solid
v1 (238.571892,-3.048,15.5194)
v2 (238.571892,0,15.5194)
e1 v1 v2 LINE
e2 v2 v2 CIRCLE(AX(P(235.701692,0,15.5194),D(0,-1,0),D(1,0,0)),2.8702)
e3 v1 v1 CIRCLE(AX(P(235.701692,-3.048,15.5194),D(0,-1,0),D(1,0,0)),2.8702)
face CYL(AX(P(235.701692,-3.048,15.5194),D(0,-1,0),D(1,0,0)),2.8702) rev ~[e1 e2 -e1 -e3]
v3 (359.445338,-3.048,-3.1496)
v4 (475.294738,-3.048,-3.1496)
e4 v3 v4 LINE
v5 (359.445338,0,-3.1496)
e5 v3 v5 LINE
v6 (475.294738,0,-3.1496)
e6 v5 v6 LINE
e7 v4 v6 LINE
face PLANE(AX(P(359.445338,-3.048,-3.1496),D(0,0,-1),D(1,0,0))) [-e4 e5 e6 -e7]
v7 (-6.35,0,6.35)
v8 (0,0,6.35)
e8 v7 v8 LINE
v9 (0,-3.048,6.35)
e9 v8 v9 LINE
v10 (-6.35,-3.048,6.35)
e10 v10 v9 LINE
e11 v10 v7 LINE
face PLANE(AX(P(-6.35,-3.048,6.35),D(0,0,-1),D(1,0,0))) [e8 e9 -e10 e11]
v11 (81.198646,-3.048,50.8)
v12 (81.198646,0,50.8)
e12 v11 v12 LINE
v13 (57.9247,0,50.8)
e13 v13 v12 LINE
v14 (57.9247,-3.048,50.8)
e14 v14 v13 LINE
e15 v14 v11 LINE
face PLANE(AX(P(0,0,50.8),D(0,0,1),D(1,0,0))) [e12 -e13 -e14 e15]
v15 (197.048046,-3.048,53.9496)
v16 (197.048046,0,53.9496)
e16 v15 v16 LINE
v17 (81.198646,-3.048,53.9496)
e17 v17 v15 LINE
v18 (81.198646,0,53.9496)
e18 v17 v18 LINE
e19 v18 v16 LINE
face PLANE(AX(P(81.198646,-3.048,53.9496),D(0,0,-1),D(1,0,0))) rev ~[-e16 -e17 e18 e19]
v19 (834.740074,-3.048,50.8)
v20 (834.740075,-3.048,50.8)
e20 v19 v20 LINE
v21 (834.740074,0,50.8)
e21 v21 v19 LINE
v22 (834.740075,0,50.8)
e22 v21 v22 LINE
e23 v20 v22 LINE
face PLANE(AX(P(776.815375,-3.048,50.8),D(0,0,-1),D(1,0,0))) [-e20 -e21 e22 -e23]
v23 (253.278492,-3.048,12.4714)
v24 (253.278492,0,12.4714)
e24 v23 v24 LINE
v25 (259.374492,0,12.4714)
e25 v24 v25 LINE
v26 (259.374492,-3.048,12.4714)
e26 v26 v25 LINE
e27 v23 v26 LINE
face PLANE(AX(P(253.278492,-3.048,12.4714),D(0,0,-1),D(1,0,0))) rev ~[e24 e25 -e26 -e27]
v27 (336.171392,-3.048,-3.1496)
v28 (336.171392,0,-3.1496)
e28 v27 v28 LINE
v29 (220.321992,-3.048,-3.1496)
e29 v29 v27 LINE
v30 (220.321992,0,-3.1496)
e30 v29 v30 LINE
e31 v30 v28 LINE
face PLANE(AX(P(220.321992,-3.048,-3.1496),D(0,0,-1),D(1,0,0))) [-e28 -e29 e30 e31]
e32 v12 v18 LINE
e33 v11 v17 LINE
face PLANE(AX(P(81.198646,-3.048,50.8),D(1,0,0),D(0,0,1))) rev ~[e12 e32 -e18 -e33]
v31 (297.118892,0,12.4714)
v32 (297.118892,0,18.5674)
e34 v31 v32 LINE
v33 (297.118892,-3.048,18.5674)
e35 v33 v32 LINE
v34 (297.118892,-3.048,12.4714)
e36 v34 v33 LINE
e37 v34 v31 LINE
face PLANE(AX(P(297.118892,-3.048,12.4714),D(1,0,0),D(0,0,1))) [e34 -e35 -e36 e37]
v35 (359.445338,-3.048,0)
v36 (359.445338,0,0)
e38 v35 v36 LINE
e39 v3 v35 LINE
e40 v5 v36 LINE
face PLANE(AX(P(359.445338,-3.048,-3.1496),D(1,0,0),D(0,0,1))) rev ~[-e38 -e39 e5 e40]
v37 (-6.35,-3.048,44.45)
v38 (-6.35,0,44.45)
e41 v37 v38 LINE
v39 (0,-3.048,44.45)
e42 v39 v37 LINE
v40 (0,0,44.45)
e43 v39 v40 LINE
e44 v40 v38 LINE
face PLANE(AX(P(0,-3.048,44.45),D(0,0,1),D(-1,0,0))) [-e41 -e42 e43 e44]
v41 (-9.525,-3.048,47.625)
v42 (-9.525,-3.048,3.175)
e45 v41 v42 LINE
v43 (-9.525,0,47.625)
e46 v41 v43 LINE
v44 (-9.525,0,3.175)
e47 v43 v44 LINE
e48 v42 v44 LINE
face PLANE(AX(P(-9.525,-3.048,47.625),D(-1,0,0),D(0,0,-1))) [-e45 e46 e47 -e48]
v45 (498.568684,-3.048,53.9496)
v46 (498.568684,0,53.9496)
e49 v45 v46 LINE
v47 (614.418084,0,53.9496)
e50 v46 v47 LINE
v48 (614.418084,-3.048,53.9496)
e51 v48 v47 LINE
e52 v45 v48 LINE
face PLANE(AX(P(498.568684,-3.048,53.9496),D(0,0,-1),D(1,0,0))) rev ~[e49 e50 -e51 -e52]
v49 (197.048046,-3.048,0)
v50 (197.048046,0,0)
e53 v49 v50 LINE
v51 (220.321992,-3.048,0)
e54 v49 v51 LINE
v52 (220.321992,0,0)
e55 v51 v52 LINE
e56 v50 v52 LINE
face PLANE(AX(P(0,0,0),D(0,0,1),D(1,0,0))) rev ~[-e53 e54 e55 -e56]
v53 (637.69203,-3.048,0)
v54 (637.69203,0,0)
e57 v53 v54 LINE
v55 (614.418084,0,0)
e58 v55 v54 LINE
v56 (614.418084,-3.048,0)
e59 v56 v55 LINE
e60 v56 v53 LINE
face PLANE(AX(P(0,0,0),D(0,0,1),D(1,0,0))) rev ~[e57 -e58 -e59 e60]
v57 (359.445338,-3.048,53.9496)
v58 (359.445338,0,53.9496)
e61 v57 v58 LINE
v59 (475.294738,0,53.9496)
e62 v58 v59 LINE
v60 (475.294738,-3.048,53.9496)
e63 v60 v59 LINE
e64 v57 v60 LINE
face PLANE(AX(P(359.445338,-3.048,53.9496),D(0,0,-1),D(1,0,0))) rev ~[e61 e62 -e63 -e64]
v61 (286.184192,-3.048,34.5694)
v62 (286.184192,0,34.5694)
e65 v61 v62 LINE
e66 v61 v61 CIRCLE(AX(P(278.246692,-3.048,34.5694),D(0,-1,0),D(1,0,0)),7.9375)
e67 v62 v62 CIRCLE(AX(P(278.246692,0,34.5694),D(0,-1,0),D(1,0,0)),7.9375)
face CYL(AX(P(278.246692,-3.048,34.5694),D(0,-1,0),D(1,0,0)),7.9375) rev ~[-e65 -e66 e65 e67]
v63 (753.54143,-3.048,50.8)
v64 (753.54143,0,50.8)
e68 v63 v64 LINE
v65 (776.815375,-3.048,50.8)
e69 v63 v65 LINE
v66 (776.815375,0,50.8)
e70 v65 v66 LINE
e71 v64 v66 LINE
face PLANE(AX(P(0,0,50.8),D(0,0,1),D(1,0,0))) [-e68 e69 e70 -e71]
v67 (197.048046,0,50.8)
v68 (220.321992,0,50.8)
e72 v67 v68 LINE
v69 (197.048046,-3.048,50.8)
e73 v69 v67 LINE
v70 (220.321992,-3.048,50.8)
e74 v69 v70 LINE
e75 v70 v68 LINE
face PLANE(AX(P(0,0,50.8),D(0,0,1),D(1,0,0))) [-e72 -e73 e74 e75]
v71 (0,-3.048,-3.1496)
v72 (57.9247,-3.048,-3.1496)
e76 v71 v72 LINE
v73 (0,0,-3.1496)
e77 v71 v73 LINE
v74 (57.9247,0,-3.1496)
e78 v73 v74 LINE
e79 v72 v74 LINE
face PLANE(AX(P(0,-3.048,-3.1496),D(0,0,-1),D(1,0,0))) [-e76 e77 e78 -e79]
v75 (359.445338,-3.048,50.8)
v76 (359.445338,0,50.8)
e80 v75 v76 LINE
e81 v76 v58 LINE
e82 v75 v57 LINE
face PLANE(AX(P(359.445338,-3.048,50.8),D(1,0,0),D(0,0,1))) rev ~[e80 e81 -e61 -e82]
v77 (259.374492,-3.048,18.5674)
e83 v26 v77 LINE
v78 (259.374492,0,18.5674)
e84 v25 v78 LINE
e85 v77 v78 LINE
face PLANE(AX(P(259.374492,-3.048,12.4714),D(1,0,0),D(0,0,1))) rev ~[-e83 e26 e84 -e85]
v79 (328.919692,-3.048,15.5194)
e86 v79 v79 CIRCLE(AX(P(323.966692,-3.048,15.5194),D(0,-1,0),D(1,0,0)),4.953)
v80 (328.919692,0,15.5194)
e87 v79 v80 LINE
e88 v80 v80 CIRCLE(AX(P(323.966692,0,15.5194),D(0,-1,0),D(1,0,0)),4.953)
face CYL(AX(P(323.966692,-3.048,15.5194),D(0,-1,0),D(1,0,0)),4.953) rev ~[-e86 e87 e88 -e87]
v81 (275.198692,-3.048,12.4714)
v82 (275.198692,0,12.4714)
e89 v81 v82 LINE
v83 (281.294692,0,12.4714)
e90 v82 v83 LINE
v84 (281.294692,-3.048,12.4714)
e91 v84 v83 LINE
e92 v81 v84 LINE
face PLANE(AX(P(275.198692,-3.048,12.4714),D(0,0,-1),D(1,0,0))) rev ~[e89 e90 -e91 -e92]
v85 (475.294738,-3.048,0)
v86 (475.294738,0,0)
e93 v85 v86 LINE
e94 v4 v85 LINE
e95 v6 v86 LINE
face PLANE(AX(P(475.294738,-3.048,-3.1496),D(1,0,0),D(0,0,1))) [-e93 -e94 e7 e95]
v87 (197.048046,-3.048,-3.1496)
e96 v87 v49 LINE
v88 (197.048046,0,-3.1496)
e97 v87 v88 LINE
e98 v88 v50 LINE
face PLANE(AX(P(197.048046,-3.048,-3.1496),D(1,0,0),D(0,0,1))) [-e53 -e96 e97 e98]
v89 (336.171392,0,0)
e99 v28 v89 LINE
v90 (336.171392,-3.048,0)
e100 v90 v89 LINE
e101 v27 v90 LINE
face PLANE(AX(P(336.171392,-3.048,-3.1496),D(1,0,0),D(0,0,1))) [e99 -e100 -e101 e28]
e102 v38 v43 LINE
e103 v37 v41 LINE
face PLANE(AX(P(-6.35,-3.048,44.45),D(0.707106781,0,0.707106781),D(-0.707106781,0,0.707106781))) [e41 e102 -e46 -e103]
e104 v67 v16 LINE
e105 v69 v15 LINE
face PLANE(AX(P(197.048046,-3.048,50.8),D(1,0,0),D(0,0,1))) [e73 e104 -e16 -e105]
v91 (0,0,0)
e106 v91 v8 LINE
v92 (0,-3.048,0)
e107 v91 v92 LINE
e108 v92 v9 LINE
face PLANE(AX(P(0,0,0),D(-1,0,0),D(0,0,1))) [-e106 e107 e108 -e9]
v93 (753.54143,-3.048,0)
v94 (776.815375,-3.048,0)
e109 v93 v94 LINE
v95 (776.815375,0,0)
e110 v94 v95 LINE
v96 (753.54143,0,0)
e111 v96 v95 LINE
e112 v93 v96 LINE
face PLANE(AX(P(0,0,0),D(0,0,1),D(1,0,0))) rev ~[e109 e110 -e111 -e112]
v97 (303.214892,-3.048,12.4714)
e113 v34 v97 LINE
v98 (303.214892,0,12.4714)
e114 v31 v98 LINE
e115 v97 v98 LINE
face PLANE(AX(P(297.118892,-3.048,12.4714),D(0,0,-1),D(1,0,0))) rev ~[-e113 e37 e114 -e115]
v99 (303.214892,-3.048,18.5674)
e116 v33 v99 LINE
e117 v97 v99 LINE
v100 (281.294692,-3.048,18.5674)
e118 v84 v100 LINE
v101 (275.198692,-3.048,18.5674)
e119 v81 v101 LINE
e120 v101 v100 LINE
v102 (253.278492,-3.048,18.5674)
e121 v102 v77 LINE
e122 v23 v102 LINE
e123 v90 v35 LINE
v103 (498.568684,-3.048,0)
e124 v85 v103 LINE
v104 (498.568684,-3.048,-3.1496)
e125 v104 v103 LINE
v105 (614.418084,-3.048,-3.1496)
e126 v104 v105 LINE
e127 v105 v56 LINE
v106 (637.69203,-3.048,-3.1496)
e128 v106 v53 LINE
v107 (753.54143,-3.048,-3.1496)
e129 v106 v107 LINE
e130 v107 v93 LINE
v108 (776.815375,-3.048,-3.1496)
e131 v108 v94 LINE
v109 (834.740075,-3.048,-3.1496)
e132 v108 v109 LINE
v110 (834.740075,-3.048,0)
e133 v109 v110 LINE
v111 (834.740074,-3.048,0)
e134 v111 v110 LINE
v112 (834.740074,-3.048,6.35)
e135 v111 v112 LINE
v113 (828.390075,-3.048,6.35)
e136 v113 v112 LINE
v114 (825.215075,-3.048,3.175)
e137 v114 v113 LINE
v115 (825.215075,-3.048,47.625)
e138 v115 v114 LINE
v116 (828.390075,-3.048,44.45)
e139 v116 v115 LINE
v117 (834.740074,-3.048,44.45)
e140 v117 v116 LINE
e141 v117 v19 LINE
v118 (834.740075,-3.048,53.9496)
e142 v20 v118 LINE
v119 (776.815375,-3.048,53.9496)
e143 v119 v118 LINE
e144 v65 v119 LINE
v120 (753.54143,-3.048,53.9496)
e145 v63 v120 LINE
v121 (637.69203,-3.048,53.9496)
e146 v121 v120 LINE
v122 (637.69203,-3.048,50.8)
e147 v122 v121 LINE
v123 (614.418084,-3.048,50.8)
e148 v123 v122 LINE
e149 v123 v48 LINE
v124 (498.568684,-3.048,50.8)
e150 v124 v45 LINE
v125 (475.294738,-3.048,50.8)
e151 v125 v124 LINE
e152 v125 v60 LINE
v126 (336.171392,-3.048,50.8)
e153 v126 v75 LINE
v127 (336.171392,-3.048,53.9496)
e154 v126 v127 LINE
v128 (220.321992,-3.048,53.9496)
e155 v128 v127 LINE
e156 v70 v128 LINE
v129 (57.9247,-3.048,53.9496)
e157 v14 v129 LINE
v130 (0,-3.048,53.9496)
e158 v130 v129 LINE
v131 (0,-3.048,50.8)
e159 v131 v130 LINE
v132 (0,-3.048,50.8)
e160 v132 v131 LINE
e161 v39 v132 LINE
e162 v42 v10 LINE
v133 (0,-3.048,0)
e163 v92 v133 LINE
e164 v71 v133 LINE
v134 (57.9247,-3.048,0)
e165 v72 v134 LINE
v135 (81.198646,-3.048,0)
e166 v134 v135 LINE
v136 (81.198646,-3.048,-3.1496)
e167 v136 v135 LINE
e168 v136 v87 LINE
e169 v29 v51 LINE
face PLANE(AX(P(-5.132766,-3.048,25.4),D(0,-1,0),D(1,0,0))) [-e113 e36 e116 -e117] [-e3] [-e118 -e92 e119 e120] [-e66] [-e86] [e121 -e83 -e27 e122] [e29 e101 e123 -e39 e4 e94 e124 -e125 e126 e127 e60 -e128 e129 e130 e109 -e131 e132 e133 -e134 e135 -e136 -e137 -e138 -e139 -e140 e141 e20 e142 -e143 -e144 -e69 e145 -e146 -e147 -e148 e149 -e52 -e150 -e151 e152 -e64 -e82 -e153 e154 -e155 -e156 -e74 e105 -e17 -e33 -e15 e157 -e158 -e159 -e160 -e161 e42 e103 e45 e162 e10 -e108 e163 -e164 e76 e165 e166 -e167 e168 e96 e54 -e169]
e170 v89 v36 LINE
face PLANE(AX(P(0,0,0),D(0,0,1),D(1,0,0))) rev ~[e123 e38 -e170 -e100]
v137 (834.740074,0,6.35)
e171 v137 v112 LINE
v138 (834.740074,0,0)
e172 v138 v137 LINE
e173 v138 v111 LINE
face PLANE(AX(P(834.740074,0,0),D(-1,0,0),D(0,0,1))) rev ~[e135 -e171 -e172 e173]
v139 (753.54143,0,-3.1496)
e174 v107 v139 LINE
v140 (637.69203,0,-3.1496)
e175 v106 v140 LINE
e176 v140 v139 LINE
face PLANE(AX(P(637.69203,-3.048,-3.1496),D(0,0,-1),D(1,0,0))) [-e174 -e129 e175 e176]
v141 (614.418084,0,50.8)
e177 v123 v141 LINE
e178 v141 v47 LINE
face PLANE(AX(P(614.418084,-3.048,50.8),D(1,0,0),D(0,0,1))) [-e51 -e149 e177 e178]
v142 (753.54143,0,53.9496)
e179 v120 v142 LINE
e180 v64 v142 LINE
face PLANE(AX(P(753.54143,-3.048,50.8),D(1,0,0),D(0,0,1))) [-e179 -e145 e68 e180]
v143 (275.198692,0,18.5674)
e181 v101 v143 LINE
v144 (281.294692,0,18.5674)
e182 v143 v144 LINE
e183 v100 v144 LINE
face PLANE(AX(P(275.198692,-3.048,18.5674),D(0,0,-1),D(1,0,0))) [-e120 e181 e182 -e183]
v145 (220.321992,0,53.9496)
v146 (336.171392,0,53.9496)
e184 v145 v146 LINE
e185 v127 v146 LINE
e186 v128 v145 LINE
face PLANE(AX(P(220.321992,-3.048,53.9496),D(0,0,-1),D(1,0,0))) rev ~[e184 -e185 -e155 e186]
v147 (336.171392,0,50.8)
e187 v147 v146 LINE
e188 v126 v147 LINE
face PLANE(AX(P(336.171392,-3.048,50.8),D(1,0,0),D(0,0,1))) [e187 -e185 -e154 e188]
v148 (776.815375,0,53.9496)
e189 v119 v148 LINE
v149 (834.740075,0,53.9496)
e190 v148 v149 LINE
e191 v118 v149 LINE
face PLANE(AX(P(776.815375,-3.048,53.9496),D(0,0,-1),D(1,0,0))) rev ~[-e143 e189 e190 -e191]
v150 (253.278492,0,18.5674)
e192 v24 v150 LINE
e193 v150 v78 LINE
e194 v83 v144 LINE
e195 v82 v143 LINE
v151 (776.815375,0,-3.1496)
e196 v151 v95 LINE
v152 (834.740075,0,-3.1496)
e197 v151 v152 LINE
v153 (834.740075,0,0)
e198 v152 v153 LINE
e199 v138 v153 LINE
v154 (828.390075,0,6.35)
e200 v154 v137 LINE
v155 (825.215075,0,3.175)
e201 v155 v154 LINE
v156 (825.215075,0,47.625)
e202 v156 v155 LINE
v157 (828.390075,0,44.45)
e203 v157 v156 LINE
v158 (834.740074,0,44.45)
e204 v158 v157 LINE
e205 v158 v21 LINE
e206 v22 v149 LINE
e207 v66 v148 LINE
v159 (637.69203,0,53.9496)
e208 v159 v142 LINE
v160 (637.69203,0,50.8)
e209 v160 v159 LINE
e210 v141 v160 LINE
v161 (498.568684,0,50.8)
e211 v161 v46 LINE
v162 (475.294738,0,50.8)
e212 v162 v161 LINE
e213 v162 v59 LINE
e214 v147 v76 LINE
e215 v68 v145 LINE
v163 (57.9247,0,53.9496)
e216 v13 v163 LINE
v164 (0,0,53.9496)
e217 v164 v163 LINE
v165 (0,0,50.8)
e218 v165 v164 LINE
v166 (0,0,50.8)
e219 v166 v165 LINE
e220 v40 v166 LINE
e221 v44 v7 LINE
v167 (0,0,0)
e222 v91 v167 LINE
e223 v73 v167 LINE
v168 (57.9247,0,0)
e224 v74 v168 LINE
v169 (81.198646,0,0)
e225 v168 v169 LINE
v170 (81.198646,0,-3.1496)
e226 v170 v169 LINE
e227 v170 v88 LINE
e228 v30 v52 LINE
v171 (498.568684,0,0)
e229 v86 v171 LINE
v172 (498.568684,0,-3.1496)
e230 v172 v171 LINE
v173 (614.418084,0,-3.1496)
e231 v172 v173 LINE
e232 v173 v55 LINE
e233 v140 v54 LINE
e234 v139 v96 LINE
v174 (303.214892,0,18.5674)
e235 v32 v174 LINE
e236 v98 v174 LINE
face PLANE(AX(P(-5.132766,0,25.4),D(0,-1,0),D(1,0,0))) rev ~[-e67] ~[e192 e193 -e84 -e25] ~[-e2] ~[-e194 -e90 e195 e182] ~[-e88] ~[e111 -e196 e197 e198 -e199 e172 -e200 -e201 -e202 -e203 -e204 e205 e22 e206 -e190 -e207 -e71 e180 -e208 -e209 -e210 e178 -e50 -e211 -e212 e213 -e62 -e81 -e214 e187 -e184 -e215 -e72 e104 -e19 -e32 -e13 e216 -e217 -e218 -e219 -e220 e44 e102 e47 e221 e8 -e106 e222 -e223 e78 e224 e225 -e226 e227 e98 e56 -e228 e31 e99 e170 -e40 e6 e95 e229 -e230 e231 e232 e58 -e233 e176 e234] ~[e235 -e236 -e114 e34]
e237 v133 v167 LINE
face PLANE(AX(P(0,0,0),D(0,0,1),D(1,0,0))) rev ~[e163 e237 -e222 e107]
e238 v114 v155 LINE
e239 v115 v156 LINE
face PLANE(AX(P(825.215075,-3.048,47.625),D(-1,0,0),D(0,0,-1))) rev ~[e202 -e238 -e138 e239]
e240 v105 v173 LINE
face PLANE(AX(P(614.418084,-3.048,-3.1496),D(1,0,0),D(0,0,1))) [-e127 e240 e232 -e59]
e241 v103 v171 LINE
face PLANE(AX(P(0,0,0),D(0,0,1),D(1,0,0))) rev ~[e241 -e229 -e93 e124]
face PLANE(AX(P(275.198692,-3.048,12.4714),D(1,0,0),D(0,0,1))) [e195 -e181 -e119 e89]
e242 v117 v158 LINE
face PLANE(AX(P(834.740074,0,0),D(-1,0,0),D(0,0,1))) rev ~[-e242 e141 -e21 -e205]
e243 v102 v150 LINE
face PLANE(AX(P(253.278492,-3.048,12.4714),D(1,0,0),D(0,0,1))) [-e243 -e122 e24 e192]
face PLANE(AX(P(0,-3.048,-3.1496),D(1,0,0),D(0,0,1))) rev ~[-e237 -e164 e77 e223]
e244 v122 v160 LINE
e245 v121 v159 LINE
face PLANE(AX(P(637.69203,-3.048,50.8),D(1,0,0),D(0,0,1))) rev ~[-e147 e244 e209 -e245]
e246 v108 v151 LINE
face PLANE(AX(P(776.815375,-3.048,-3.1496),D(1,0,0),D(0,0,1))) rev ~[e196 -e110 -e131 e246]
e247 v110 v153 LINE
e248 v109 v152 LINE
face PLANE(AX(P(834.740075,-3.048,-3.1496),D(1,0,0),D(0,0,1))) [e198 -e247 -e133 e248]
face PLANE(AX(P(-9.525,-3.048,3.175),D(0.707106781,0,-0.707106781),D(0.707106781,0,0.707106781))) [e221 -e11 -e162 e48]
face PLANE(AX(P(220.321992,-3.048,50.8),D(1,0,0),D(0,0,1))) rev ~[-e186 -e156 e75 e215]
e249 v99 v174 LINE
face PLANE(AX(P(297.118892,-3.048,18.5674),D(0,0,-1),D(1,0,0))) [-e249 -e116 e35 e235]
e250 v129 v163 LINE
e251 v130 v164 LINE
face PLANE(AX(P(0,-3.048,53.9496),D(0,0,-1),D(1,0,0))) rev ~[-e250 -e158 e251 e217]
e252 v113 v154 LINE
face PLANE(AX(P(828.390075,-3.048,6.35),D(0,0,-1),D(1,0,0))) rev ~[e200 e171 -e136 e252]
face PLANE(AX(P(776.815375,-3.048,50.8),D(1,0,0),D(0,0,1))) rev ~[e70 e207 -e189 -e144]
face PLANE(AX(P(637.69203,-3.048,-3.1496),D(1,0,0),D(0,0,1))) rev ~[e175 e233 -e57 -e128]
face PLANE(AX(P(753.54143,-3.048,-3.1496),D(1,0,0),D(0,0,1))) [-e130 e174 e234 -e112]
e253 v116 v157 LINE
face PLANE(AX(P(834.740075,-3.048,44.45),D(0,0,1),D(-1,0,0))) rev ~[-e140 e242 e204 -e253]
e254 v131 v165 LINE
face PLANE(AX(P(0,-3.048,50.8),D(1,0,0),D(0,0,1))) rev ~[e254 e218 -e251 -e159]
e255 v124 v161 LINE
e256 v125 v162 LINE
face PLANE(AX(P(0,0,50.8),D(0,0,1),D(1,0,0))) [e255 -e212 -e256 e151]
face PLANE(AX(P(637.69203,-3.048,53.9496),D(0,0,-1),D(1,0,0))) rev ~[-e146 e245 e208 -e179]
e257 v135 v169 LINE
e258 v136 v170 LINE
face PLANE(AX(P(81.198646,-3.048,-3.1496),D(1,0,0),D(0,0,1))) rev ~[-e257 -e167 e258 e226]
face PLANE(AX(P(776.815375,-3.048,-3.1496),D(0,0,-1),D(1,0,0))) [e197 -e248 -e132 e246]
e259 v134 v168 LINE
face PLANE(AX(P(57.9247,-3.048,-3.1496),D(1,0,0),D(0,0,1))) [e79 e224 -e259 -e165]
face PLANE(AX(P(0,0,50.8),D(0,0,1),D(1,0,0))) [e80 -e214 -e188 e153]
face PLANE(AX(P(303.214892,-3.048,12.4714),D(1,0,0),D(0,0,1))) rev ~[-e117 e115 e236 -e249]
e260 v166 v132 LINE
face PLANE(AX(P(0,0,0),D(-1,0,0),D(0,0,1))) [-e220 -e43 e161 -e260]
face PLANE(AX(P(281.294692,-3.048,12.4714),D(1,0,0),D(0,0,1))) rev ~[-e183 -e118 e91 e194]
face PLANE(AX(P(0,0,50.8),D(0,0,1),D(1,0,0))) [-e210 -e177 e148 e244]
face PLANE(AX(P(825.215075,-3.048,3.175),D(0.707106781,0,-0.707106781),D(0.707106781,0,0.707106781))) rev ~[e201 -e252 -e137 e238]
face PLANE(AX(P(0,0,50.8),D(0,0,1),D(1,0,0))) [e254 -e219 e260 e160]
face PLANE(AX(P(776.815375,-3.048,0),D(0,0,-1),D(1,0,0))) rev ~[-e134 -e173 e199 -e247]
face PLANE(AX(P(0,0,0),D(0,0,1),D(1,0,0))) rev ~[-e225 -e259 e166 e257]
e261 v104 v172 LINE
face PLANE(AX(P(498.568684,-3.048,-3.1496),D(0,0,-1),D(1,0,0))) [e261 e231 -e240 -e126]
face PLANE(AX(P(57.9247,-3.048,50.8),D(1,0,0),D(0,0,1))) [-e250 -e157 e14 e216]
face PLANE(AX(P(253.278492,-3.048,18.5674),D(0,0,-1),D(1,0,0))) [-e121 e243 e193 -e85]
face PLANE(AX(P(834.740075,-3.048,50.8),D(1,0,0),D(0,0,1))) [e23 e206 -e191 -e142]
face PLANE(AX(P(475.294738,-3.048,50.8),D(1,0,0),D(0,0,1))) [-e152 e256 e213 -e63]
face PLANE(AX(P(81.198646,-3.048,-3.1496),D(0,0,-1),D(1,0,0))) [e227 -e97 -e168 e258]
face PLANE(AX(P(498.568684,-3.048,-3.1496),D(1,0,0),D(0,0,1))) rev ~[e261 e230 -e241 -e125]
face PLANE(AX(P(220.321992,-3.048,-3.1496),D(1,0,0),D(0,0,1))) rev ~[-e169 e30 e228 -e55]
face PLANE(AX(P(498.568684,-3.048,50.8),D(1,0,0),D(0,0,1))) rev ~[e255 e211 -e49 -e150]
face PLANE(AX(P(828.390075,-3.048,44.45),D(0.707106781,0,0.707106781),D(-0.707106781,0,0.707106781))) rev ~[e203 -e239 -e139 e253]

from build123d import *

# Parameters (mm, degrees)
F0_W     = 834.740075
F0_H     = 50.8
F1_DEPTH = 3.048
F3_W     = 57.9247
F3_H     = 3.1496
F3_W_2   = 115.8494
F4_DEPTH = 3.048
F6_DEPTH = 3.048
F7_DEPTH = 3.049
F8_W     = 6.096
F8_H     = 6.096
F8_R     = 2.8702
F8_R_2   = 4.953
F8_R_3   = 7.9375
F9_DEPTH = 3.049


with BuildPart() as f1:
    # F0 (on Front) → F1 (new body)
    with BuildSketch(Plane.XZ):
        with Locations((417.370037, 25.4)):
            Rectangle(F0_W, F0_H)
    extrude(amount=F1_DEPTH)

    # F3 (on face) → F4 (join)
    with BuildSketch(Plane.XZ.offset(3.048)):
        with Locations((28.96235, 52.3748)):
            Rectangle(F3_W, F3_H)
        with Locations((139.123346, 52.3748)):
            Rectangle(F3_W_2, F3_H)
        with Locations((28.96235, -1.5748)):
            Rectangle(F3_W, F3_H)
        with Locations((139.123346, -1.5748)):
            Rectangle(F3_W_2, F3_H)
        with Locations((278.246692, 52.3748)):
            Rectangle(F3_W_2, F3_H)
        with Locations((278.246692, -1.5748)):
            Rectangle(F3_W_2, F3_H)
        with Locations((417.370038, 52.3748)):
            Rectangle(F3_W_2, F3_H)
        with Locations((417.370038, -1.5748)):
            Rectangle(F3_W_2, F3_H)
        with Locations((556.493384, 52.3748)):
            Rectangle(F3_W_2, F3_H)
        with Locations((556.493384, -1.5748)):
            Rectangle(F3_W_2, F3_H)
        with Locations((695.61673, 52.3748)):
            Rectangle(F3_W_2, F3_H)
        with Locations((695.61673, -1.5748)):
            Rectangle(F3_W_2, F3_H)
        with Locations((805.777725, 52.3748)):
            Rectangle(F3_W, F3_H)
        with Locations((805.777725, -1.5748)):
            Rectangle(F3_W, F3_H)
    extrude(amount=-F4_DEPTH)

    # F5 (on face) → F6 (join)
    with BuildSketch(Plane.XZ.offset(3.048)):
        Polygon((-6.35, 6.35), (0, 6.35), (0, 44.45), (-6.35, 44.45), (-9.525, 47.625), (-9.525, 3.175), align=None)
    extrude(amount=-F6_DEPTH)

    # F5 (on face) → F7 (cut, through all)
    with BuildSketch(Plane.XZ.offset(3.048)):
        Polygon((828.390075, 6.35), (834.740075, 6.35), (834.740075, 44.45), (828.390075, 44.45), (825.215075, 47.625), (825.215075, 3.175), align=None)
    extrude(amount=-F7_DEPTH, mode=Mode.SUBTRACT)

    # F8 (on face) → F9 (cut, through all)
    with BuildSketch(Plane.XZ.offset(3.048)):
        with Locations((256.326492, 15.5194)):
            Rectangle(F8_W, F8_H)
        with Locations((278.246692, 15.5194)):
            Rectangle(F8_W, F8_H)
        with Locations((300.166892, 15.5194)):
            Rectangle(F8_W, F8_H)
        with Locations((235.701692, 15.5194)):
            Circle(F8_R)
        with Locations((323.966692, 15.5194)):
            Circle(F8_R_2)
        with Locations((278.246692, 34.5694)):
            Circle(F8_R_3)
    extrude(amount=-F9_DEPTH, mode=Mode.SUBTRACT)


solid = f1.part
